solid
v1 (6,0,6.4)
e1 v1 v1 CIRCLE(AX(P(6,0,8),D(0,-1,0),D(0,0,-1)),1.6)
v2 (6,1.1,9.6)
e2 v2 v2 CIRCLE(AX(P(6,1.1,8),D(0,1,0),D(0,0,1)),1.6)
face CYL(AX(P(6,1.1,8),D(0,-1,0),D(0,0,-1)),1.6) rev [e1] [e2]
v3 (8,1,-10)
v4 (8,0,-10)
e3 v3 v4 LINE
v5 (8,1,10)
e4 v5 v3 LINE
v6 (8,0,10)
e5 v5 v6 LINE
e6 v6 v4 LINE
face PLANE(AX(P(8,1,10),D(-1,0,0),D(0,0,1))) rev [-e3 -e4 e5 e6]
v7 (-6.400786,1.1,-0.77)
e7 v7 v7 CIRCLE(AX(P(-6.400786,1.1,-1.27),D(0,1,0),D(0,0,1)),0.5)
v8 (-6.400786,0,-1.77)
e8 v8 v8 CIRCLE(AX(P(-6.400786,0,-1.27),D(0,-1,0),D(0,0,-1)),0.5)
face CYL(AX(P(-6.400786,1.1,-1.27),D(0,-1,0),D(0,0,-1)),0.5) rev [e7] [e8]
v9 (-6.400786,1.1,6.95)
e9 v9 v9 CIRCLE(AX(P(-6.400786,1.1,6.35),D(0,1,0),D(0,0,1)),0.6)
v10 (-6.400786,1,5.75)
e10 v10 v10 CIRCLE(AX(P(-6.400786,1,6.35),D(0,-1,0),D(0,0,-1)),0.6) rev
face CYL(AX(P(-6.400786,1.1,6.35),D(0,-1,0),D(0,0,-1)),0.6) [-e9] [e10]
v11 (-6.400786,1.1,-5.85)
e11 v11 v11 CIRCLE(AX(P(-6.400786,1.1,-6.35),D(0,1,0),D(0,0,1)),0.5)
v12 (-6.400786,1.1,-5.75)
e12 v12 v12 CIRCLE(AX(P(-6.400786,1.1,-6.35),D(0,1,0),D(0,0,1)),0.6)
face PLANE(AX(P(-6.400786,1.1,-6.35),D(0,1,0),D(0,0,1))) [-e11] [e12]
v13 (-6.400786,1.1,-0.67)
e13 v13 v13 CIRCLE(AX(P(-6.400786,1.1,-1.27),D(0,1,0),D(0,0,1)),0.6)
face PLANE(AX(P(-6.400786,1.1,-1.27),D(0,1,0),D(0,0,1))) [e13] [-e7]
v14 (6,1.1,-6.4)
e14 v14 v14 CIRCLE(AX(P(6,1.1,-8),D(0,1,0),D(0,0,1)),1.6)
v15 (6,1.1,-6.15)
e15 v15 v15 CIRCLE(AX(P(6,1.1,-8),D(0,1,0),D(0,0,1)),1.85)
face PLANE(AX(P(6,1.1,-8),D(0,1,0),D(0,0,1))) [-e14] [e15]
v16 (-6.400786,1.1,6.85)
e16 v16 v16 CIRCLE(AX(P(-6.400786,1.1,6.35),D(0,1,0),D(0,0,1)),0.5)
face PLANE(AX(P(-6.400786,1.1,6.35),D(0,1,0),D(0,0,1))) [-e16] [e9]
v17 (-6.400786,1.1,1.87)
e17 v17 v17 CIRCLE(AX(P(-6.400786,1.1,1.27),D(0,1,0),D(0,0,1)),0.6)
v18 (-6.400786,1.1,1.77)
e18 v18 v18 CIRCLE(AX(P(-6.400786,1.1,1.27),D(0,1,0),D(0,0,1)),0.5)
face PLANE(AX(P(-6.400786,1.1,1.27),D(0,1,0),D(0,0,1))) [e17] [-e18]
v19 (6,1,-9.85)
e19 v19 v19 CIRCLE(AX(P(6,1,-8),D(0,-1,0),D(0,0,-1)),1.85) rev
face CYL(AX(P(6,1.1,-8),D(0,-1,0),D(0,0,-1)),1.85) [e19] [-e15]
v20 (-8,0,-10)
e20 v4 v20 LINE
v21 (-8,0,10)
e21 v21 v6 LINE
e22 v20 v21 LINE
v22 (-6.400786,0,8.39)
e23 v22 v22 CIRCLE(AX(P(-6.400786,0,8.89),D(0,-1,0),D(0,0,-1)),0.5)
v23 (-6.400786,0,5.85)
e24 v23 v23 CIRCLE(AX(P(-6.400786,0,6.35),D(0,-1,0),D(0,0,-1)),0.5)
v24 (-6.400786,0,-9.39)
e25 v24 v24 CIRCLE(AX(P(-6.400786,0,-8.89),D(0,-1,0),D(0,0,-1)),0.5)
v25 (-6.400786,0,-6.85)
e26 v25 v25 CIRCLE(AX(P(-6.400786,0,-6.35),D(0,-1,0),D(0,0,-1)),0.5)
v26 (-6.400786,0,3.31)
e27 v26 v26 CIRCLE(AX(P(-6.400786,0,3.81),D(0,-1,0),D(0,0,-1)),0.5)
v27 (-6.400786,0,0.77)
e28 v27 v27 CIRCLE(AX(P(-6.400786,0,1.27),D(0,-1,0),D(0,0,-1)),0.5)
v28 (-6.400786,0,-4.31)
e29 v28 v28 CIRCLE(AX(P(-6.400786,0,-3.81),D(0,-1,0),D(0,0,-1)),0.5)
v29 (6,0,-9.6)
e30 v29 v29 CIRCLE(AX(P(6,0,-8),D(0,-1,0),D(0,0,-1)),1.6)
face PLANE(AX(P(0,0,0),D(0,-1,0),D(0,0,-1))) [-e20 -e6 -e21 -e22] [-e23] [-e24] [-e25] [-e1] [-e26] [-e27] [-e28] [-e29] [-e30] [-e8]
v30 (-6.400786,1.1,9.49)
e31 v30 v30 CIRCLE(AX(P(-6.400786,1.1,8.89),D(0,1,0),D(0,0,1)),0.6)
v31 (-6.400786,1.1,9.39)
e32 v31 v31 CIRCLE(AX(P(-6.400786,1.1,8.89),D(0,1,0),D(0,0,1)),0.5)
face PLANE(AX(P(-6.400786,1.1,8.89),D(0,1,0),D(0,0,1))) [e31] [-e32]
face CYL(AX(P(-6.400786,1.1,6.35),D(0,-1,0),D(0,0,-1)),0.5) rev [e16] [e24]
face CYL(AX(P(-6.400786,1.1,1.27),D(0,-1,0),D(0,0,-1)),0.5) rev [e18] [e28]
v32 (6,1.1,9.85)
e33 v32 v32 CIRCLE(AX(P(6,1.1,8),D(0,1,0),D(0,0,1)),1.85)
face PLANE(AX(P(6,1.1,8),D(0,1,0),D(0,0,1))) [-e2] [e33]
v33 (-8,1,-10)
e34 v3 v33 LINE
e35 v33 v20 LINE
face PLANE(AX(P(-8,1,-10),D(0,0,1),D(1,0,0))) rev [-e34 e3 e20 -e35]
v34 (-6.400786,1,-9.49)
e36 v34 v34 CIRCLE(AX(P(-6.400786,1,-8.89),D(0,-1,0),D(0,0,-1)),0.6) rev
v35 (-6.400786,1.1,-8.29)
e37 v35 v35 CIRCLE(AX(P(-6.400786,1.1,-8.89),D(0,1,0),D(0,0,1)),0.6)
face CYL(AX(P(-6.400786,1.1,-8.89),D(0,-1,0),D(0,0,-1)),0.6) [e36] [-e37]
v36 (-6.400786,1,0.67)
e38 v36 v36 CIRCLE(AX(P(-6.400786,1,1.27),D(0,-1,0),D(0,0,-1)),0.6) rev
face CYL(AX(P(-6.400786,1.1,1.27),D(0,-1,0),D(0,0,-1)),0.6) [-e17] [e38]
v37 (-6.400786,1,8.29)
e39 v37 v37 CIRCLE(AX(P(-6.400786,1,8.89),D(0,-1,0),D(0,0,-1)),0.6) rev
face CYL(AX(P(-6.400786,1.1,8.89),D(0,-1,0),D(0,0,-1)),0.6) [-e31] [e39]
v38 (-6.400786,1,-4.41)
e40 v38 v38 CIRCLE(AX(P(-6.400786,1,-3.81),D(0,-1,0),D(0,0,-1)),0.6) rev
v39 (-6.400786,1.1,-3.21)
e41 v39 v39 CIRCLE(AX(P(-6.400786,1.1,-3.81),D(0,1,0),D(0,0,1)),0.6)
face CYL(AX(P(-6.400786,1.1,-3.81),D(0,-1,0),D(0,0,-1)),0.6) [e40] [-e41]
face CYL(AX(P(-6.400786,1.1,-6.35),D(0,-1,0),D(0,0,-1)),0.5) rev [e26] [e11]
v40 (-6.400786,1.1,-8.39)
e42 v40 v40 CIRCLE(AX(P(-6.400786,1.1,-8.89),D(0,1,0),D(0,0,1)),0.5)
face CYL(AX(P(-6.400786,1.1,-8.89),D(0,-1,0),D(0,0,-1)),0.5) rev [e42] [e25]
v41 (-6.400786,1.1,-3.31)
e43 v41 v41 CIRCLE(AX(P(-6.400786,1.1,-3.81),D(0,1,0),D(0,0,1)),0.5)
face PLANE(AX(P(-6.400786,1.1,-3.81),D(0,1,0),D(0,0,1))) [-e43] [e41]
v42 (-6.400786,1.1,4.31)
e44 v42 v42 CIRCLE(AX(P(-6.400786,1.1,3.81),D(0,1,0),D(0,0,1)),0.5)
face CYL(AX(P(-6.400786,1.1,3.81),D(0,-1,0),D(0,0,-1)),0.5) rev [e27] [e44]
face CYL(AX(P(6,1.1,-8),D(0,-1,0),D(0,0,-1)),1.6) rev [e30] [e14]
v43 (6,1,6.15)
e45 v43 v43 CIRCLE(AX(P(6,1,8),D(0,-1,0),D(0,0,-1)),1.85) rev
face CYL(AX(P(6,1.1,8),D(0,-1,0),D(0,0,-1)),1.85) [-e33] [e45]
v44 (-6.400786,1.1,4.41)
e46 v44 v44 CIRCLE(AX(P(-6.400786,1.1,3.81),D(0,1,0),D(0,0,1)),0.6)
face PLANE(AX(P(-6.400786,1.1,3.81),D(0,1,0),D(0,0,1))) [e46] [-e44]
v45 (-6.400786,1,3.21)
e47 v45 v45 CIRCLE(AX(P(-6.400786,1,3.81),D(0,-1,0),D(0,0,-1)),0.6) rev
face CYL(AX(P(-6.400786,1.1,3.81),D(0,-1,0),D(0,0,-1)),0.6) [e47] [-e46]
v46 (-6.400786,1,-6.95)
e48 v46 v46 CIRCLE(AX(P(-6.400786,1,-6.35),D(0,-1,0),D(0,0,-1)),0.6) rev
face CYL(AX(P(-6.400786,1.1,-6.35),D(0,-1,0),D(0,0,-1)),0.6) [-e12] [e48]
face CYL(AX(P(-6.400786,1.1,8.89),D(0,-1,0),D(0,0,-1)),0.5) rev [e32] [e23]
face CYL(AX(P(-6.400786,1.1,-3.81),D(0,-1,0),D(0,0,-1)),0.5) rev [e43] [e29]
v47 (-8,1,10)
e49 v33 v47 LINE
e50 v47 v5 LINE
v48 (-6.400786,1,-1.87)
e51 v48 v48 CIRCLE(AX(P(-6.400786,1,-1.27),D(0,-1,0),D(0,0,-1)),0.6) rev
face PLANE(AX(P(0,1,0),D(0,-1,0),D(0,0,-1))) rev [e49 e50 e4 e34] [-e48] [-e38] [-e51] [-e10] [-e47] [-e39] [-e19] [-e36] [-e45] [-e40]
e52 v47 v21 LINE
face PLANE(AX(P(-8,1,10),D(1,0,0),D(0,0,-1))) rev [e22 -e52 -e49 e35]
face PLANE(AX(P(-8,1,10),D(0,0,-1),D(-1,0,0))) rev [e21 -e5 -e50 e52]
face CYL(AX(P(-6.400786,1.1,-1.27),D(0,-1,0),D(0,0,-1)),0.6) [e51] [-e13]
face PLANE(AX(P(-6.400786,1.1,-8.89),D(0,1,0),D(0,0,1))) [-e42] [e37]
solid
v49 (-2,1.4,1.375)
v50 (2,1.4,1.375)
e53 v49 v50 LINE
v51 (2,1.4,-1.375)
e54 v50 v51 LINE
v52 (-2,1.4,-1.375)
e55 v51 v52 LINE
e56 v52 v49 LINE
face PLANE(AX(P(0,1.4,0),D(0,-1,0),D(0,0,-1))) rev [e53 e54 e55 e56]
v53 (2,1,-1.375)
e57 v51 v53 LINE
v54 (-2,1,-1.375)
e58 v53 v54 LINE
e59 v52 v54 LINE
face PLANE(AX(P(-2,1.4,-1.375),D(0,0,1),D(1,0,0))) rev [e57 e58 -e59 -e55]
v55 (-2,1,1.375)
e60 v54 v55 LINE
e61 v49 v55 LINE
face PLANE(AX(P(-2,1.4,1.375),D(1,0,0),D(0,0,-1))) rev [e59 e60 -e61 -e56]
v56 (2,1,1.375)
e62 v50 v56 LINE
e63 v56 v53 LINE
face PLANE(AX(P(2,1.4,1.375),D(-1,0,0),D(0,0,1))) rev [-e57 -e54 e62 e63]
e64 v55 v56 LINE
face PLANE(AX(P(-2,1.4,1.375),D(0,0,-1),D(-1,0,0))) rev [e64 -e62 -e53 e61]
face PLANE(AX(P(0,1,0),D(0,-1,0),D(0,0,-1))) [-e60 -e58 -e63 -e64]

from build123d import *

# Parameters (mm, degrees)
SKETCH1_W                   = 16
SKETCH1_H                   = 20
BOSS_EXTRUDE1_DEPTH         = 1
SKETCH4_W                   = 4
SKETCH4_H                   = 2.75
BOSS_EXTRUDE3_DEPTH         = 0.4
IZIM1_R                     = 0.6
IZIM1_R_2                   = 0.5
Y_KSEKLIK_EKSTR_ZYON1_DEPTH = 0.1
IZIM3_R                     = 0.5
KES_EKSTR_ZYON2_DEPTH       = 20.1
IZIM4_R                     = 1.85
IZIM4_R_2                   = 1.6
Y_KSEKLIK_EKSTR_ZYON2_DEPTH = 0.1
IZIM5_R                     = 1.6
KES_EKSTR_ZYON3_DEPTH       = 10.1


with BuildPart() as part:
    # Sketch1 → Boss-Extrude1 (new body)
    with BuildSketch(Plane(origin=(0, 0, 0), x_dir=(1, 0, 0), z_dir=(0, 1, 0))):
        Rectangle(SKETCH1_W, SKETCH1_H)
    extrude(amount=BOSS_EXTRUDE1_DEPTH)

    # Çizim1 → Yükseklik-Ekstrüzyon1 (add)
    with BuildSketch(Plane(origin=(0, 1, 0), x_dir=(1, 0, 0), z_dir=(0, 1, 0))):
        with Locations((-6.400785843, -8.89)):
            Circle(IZIM1_R)
        with Locations((-6.400785843, -8.89)):
            Circle(IZIM1_R_2, mode=Mode.SUBTRACT)
        with Locations((-6.400785843, -6.35)):
            Circle(IZIM1_R)
        with Locations((-6.400785843, -6.35)):
            Circle(IZIM1_R_2, mode=Mode.SUBTRACT)
        with Locations((-6.400785843, -3.81)):
            Circle(IZIM1_R)
        with Locations((-6.400785843, -3.81)):
            Circle(IZIM1_R_2, mode=Mode.SUBTRACT)
        with Locations((-6.400785843, -1.27)):
            Circle(IZIM1_R)
        with Locations((-6.400785843, -1.27)):
            Circle(IZIM1_R_2, mode=Mode.SUBTRACT)
        with Locations((-6.400785843, 1.27)):
            Circle(IZIM1_R)
        with Locations((-6.400785843, 1.27)):
            Circle(IZIM1_R_2, mode=Mode.SUBTRACT)
        with Locations((-6.400785843, 3.81)):
            Circle(IZIM1_R)
        with Locations((-6.400785843, 3.81)):
            Circle(IZIM1_R_2, mode=Mode.SUBTRACT)
        with Locations((-6.400785843, 6.35)):
            Circle(IZIM1_R)
        with Locations((-6.400785843, 6.35)):
            Circle(IZIM1_R_2, mode=Mode.SUBTRACT)
        with Locations((-6.400785843, 8.89)):
            Circle(IZIM1_R)
        with Locations((-6.400785843, 8.89)):
            Circle(IZIM1_R_2, mode=Mode.SUBTRACT)
    extrude(amount=Y_KSEKLIK_EKSTR_ZYON1_DEPTH)

    # Çizim3 → Kes-Ekstrüzyon2 (cut)
    with BuildSketch(Plane(origin=(0, 1, 0), x_dir=(1, 0, 0), z_dir=(0, 1, 0))):
        with Locations((-6.400785843, -8.89)):
            Circle(IZIM3_R)
        with Locations((-6.400785843, -6.35)):
            Circle(IZIM3_R)
        with Locations((-6.400785843, -3.81)):
            Circle(IZIM3_R)
        with Locations((-6.400785843, -1.27)):
            Circle(IZIM3_R)
        with Locations((-6.400785843, 1.27)):
            Circle(IZIM3_R)
        with Locations((-6.400785843, 3.81)):
            Circle(IZIM3_R)
        with Locations((-6.400785843, 6.35)):
            Circle(IZIM3_R)
        with Locations((-6.400785843, 8.89)):
            Circle(IZIM3_R)
    extrude(amount=-KES_EKSTR_ZYON2_DEPTH, mode=Mode.SUBTRACT)

    # Çizim4 → Yükseklik-Ekstrüzyon2 (add)
    with BuildSketch(Plane(origin=(0, 1, 0), x_dir=(1, 0, 0), z_dir=(0, 1, 0))):
        with Locations((6, -8)):
            Circle(IZIM4_R)
        with Locations((6, -8)):
            Circle(IZIM4_R_2, mode=Mode.SUBTRACT)
        with Locations((6, 8)):
            Circle(IZIM4_R)
        with Locations((6, 8)):
            Circle(IZIM4_R_2, mode=Mode.SUBTRACT)
    extrude(amount=Y_KSEKLIK_EKSTR_ZYON2_DEPTH)

    # Çizim5 → Kes-Ekstrüzyon3 (cut)
    with BuildSketch(Plane(origin=(0, 1, 0), x_dir=(1, 0, 0), z_dir=(0, 1, 0))):
        with Locations((6, 8)):
            Circle(IZIM5_R)
        with Locations((6, -8)):
            Circle(IZIM5_R)
    extrude(amount=-KES_EKSTR_ZYON3_DEPTH, mode=Mode.SUBTRACT)


with BuildPart() as body_2:
    # Sketch4 → Boss-Extrude3 (new body)
    with BuildSketch(Plane(origin=(0, 1, 0), x_dir=(1, 0, 0), z_dir=(0, 1, 0))):
        Rectangle(SKETCH4_W, SKETCH4_H)
    extrude(amount=BOSS_EXTRUDE3_DEPTH)


solid = Compound([part.part, body_2.part])
